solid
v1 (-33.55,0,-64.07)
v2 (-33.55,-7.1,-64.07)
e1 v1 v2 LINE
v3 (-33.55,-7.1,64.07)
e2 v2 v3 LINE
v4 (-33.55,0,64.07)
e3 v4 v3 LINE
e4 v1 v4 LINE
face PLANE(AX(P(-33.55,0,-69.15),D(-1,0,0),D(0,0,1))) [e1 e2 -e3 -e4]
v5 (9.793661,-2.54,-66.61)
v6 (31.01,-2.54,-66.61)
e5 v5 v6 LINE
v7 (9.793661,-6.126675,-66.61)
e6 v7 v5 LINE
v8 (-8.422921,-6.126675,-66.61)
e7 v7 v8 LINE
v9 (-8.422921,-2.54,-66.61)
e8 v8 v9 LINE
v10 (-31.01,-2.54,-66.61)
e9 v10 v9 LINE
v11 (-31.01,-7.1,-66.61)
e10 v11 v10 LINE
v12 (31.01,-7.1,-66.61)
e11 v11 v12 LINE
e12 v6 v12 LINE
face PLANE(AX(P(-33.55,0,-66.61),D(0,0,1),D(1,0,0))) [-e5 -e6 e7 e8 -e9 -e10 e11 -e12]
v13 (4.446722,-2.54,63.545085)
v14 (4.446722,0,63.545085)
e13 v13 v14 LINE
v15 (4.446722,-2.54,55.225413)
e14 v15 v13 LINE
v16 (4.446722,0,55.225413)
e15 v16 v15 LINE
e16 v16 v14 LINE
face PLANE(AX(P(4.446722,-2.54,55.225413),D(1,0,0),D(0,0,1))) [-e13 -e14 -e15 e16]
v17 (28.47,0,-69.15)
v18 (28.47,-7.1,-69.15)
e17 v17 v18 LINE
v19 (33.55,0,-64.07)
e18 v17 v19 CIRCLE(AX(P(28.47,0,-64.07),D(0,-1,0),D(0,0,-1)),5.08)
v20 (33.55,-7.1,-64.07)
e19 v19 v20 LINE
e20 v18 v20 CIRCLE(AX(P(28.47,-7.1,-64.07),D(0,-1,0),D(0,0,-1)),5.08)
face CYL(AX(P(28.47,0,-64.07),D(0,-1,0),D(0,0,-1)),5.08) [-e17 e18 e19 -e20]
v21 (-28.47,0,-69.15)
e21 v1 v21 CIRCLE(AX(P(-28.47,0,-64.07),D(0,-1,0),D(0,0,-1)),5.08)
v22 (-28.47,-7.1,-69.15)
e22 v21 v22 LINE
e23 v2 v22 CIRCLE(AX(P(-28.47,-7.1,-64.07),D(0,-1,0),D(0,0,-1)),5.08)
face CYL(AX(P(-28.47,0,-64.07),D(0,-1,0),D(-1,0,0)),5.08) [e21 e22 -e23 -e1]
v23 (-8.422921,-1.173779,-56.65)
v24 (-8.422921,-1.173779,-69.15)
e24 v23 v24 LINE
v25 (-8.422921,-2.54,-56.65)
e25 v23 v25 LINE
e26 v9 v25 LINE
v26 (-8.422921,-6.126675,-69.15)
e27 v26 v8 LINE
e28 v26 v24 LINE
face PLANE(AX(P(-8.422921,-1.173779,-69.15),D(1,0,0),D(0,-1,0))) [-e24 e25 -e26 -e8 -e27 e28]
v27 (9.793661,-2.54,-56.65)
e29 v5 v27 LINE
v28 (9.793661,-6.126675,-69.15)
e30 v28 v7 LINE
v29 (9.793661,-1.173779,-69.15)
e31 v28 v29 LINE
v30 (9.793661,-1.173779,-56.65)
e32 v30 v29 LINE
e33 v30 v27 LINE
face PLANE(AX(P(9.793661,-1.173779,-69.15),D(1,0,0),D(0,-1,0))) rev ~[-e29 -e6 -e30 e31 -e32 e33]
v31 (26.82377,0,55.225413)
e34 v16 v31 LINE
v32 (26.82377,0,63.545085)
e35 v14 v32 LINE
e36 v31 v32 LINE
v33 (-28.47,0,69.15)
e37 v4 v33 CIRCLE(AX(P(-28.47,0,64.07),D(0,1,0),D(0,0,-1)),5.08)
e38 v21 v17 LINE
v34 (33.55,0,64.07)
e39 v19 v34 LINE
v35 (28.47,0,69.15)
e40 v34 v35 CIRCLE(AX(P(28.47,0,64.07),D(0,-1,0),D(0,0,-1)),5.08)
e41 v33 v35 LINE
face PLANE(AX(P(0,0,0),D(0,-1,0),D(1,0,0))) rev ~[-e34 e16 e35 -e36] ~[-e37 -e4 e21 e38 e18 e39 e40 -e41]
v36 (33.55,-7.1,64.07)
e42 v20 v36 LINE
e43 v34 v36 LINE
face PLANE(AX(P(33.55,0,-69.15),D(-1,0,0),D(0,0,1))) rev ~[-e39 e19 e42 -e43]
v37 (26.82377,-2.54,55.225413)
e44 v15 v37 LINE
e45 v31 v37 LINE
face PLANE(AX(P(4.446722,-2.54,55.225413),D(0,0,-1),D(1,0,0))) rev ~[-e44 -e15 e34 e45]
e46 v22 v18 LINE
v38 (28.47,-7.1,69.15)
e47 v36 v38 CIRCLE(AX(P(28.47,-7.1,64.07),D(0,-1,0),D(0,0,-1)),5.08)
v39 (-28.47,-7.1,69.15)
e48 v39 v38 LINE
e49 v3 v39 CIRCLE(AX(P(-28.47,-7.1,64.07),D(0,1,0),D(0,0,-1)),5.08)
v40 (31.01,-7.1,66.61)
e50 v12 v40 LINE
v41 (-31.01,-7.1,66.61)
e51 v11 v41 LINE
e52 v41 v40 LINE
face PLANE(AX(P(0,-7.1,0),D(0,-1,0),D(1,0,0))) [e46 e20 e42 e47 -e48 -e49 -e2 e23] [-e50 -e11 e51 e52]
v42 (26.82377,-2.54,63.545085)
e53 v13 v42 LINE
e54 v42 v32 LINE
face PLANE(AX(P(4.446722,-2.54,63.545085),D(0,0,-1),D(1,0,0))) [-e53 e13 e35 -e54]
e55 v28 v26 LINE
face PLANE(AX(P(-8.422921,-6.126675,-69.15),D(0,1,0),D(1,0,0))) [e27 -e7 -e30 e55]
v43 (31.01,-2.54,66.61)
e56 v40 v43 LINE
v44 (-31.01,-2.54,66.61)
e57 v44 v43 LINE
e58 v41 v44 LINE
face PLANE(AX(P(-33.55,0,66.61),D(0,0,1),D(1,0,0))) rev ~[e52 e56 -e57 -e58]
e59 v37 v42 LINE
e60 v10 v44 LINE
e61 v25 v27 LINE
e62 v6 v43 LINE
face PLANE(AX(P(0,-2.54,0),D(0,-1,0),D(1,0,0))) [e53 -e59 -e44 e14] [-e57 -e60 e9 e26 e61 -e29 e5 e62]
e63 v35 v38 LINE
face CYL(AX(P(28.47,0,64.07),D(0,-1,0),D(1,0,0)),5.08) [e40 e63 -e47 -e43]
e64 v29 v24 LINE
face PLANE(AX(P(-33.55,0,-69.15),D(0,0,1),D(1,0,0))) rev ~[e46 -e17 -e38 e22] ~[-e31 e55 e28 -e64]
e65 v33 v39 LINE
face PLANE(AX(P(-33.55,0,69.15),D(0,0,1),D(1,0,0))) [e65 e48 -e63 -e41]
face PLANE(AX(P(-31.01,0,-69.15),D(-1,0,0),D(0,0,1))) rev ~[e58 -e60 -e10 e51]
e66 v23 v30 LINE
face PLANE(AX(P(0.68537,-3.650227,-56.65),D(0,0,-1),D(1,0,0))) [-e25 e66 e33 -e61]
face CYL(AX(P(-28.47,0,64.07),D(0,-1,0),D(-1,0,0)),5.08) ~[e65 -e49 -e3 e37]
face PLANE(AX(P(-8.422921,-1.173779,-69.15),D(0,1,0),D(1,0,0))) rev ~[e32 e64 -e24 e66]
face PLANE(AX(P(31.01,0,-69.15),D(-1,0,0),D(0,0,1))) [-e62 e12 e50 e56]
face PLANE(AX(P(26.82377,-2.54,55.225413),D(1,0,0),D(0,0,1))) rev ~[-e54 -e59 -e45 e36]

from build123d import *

# Parameters (mm, degrees)
F0_W     = 67.1
F0_H     = 138.3
F1_DEPTH = 7.1
F2_T     = -2.54
F3_R     = 5.08
F5_W     = 18.216582
F5_H     = 4.952895
F6_DEPTH = 12.5
F4_W     = 22.377047
F4_H     = 8.319672
F7_DEPTH = 12.5


with BuildPart() as f1:
    # F0 (on Front) → F1 (new body)
    with BuildSketch(Plane.XZ):
        Rectangle(F0_W, F0_H)
    extrude(amount=F1_DEPTH)

    # F2
    f2_openings = [f1.faces().sort_by_distance(p)[0] for p in [
        (0, -7.1, 0),
    ]]
    offset(amount=F2_T, openings=f2_openings)

    # F3
    f3_edges = [f1.edges().sort_by_distance(p)[0] for p in [
        (33.55, -3.55, 69.15),
        (33.55, -3.55, -69.15),
        (-33.55, -3.55, 69.15),
        (-33.55, -3.55, -69.15),
    ]]
    fillet(f3_edges, radius=F3_R)

    # F5 (on face) → F6 (cut, symmetric)
    with BuildSketch(Plane(origin=(0, 0, -69.15), x_dir=(1, 0, 0), z_dir=(0, 0, -1))):
        with Locations((0.68537, 3.650227)):
            Rectangle(F5_W, F5_H)
    extrude(amount=F6_DEPTH, both=True, mode=Mode.SUBTRACT)

    # F4 (on face) → F7 (cut, symmetric)
    with BuildSketch(Plane.XZ.offset(2.54)):
        with Locations((15.635246, 59.385249)):
            Rectangle(F4_W, F4_H)
    extrude(amount=F7_DEPTH, both=True, mode=Mode.SUBTRACT)


solid = f1.part
